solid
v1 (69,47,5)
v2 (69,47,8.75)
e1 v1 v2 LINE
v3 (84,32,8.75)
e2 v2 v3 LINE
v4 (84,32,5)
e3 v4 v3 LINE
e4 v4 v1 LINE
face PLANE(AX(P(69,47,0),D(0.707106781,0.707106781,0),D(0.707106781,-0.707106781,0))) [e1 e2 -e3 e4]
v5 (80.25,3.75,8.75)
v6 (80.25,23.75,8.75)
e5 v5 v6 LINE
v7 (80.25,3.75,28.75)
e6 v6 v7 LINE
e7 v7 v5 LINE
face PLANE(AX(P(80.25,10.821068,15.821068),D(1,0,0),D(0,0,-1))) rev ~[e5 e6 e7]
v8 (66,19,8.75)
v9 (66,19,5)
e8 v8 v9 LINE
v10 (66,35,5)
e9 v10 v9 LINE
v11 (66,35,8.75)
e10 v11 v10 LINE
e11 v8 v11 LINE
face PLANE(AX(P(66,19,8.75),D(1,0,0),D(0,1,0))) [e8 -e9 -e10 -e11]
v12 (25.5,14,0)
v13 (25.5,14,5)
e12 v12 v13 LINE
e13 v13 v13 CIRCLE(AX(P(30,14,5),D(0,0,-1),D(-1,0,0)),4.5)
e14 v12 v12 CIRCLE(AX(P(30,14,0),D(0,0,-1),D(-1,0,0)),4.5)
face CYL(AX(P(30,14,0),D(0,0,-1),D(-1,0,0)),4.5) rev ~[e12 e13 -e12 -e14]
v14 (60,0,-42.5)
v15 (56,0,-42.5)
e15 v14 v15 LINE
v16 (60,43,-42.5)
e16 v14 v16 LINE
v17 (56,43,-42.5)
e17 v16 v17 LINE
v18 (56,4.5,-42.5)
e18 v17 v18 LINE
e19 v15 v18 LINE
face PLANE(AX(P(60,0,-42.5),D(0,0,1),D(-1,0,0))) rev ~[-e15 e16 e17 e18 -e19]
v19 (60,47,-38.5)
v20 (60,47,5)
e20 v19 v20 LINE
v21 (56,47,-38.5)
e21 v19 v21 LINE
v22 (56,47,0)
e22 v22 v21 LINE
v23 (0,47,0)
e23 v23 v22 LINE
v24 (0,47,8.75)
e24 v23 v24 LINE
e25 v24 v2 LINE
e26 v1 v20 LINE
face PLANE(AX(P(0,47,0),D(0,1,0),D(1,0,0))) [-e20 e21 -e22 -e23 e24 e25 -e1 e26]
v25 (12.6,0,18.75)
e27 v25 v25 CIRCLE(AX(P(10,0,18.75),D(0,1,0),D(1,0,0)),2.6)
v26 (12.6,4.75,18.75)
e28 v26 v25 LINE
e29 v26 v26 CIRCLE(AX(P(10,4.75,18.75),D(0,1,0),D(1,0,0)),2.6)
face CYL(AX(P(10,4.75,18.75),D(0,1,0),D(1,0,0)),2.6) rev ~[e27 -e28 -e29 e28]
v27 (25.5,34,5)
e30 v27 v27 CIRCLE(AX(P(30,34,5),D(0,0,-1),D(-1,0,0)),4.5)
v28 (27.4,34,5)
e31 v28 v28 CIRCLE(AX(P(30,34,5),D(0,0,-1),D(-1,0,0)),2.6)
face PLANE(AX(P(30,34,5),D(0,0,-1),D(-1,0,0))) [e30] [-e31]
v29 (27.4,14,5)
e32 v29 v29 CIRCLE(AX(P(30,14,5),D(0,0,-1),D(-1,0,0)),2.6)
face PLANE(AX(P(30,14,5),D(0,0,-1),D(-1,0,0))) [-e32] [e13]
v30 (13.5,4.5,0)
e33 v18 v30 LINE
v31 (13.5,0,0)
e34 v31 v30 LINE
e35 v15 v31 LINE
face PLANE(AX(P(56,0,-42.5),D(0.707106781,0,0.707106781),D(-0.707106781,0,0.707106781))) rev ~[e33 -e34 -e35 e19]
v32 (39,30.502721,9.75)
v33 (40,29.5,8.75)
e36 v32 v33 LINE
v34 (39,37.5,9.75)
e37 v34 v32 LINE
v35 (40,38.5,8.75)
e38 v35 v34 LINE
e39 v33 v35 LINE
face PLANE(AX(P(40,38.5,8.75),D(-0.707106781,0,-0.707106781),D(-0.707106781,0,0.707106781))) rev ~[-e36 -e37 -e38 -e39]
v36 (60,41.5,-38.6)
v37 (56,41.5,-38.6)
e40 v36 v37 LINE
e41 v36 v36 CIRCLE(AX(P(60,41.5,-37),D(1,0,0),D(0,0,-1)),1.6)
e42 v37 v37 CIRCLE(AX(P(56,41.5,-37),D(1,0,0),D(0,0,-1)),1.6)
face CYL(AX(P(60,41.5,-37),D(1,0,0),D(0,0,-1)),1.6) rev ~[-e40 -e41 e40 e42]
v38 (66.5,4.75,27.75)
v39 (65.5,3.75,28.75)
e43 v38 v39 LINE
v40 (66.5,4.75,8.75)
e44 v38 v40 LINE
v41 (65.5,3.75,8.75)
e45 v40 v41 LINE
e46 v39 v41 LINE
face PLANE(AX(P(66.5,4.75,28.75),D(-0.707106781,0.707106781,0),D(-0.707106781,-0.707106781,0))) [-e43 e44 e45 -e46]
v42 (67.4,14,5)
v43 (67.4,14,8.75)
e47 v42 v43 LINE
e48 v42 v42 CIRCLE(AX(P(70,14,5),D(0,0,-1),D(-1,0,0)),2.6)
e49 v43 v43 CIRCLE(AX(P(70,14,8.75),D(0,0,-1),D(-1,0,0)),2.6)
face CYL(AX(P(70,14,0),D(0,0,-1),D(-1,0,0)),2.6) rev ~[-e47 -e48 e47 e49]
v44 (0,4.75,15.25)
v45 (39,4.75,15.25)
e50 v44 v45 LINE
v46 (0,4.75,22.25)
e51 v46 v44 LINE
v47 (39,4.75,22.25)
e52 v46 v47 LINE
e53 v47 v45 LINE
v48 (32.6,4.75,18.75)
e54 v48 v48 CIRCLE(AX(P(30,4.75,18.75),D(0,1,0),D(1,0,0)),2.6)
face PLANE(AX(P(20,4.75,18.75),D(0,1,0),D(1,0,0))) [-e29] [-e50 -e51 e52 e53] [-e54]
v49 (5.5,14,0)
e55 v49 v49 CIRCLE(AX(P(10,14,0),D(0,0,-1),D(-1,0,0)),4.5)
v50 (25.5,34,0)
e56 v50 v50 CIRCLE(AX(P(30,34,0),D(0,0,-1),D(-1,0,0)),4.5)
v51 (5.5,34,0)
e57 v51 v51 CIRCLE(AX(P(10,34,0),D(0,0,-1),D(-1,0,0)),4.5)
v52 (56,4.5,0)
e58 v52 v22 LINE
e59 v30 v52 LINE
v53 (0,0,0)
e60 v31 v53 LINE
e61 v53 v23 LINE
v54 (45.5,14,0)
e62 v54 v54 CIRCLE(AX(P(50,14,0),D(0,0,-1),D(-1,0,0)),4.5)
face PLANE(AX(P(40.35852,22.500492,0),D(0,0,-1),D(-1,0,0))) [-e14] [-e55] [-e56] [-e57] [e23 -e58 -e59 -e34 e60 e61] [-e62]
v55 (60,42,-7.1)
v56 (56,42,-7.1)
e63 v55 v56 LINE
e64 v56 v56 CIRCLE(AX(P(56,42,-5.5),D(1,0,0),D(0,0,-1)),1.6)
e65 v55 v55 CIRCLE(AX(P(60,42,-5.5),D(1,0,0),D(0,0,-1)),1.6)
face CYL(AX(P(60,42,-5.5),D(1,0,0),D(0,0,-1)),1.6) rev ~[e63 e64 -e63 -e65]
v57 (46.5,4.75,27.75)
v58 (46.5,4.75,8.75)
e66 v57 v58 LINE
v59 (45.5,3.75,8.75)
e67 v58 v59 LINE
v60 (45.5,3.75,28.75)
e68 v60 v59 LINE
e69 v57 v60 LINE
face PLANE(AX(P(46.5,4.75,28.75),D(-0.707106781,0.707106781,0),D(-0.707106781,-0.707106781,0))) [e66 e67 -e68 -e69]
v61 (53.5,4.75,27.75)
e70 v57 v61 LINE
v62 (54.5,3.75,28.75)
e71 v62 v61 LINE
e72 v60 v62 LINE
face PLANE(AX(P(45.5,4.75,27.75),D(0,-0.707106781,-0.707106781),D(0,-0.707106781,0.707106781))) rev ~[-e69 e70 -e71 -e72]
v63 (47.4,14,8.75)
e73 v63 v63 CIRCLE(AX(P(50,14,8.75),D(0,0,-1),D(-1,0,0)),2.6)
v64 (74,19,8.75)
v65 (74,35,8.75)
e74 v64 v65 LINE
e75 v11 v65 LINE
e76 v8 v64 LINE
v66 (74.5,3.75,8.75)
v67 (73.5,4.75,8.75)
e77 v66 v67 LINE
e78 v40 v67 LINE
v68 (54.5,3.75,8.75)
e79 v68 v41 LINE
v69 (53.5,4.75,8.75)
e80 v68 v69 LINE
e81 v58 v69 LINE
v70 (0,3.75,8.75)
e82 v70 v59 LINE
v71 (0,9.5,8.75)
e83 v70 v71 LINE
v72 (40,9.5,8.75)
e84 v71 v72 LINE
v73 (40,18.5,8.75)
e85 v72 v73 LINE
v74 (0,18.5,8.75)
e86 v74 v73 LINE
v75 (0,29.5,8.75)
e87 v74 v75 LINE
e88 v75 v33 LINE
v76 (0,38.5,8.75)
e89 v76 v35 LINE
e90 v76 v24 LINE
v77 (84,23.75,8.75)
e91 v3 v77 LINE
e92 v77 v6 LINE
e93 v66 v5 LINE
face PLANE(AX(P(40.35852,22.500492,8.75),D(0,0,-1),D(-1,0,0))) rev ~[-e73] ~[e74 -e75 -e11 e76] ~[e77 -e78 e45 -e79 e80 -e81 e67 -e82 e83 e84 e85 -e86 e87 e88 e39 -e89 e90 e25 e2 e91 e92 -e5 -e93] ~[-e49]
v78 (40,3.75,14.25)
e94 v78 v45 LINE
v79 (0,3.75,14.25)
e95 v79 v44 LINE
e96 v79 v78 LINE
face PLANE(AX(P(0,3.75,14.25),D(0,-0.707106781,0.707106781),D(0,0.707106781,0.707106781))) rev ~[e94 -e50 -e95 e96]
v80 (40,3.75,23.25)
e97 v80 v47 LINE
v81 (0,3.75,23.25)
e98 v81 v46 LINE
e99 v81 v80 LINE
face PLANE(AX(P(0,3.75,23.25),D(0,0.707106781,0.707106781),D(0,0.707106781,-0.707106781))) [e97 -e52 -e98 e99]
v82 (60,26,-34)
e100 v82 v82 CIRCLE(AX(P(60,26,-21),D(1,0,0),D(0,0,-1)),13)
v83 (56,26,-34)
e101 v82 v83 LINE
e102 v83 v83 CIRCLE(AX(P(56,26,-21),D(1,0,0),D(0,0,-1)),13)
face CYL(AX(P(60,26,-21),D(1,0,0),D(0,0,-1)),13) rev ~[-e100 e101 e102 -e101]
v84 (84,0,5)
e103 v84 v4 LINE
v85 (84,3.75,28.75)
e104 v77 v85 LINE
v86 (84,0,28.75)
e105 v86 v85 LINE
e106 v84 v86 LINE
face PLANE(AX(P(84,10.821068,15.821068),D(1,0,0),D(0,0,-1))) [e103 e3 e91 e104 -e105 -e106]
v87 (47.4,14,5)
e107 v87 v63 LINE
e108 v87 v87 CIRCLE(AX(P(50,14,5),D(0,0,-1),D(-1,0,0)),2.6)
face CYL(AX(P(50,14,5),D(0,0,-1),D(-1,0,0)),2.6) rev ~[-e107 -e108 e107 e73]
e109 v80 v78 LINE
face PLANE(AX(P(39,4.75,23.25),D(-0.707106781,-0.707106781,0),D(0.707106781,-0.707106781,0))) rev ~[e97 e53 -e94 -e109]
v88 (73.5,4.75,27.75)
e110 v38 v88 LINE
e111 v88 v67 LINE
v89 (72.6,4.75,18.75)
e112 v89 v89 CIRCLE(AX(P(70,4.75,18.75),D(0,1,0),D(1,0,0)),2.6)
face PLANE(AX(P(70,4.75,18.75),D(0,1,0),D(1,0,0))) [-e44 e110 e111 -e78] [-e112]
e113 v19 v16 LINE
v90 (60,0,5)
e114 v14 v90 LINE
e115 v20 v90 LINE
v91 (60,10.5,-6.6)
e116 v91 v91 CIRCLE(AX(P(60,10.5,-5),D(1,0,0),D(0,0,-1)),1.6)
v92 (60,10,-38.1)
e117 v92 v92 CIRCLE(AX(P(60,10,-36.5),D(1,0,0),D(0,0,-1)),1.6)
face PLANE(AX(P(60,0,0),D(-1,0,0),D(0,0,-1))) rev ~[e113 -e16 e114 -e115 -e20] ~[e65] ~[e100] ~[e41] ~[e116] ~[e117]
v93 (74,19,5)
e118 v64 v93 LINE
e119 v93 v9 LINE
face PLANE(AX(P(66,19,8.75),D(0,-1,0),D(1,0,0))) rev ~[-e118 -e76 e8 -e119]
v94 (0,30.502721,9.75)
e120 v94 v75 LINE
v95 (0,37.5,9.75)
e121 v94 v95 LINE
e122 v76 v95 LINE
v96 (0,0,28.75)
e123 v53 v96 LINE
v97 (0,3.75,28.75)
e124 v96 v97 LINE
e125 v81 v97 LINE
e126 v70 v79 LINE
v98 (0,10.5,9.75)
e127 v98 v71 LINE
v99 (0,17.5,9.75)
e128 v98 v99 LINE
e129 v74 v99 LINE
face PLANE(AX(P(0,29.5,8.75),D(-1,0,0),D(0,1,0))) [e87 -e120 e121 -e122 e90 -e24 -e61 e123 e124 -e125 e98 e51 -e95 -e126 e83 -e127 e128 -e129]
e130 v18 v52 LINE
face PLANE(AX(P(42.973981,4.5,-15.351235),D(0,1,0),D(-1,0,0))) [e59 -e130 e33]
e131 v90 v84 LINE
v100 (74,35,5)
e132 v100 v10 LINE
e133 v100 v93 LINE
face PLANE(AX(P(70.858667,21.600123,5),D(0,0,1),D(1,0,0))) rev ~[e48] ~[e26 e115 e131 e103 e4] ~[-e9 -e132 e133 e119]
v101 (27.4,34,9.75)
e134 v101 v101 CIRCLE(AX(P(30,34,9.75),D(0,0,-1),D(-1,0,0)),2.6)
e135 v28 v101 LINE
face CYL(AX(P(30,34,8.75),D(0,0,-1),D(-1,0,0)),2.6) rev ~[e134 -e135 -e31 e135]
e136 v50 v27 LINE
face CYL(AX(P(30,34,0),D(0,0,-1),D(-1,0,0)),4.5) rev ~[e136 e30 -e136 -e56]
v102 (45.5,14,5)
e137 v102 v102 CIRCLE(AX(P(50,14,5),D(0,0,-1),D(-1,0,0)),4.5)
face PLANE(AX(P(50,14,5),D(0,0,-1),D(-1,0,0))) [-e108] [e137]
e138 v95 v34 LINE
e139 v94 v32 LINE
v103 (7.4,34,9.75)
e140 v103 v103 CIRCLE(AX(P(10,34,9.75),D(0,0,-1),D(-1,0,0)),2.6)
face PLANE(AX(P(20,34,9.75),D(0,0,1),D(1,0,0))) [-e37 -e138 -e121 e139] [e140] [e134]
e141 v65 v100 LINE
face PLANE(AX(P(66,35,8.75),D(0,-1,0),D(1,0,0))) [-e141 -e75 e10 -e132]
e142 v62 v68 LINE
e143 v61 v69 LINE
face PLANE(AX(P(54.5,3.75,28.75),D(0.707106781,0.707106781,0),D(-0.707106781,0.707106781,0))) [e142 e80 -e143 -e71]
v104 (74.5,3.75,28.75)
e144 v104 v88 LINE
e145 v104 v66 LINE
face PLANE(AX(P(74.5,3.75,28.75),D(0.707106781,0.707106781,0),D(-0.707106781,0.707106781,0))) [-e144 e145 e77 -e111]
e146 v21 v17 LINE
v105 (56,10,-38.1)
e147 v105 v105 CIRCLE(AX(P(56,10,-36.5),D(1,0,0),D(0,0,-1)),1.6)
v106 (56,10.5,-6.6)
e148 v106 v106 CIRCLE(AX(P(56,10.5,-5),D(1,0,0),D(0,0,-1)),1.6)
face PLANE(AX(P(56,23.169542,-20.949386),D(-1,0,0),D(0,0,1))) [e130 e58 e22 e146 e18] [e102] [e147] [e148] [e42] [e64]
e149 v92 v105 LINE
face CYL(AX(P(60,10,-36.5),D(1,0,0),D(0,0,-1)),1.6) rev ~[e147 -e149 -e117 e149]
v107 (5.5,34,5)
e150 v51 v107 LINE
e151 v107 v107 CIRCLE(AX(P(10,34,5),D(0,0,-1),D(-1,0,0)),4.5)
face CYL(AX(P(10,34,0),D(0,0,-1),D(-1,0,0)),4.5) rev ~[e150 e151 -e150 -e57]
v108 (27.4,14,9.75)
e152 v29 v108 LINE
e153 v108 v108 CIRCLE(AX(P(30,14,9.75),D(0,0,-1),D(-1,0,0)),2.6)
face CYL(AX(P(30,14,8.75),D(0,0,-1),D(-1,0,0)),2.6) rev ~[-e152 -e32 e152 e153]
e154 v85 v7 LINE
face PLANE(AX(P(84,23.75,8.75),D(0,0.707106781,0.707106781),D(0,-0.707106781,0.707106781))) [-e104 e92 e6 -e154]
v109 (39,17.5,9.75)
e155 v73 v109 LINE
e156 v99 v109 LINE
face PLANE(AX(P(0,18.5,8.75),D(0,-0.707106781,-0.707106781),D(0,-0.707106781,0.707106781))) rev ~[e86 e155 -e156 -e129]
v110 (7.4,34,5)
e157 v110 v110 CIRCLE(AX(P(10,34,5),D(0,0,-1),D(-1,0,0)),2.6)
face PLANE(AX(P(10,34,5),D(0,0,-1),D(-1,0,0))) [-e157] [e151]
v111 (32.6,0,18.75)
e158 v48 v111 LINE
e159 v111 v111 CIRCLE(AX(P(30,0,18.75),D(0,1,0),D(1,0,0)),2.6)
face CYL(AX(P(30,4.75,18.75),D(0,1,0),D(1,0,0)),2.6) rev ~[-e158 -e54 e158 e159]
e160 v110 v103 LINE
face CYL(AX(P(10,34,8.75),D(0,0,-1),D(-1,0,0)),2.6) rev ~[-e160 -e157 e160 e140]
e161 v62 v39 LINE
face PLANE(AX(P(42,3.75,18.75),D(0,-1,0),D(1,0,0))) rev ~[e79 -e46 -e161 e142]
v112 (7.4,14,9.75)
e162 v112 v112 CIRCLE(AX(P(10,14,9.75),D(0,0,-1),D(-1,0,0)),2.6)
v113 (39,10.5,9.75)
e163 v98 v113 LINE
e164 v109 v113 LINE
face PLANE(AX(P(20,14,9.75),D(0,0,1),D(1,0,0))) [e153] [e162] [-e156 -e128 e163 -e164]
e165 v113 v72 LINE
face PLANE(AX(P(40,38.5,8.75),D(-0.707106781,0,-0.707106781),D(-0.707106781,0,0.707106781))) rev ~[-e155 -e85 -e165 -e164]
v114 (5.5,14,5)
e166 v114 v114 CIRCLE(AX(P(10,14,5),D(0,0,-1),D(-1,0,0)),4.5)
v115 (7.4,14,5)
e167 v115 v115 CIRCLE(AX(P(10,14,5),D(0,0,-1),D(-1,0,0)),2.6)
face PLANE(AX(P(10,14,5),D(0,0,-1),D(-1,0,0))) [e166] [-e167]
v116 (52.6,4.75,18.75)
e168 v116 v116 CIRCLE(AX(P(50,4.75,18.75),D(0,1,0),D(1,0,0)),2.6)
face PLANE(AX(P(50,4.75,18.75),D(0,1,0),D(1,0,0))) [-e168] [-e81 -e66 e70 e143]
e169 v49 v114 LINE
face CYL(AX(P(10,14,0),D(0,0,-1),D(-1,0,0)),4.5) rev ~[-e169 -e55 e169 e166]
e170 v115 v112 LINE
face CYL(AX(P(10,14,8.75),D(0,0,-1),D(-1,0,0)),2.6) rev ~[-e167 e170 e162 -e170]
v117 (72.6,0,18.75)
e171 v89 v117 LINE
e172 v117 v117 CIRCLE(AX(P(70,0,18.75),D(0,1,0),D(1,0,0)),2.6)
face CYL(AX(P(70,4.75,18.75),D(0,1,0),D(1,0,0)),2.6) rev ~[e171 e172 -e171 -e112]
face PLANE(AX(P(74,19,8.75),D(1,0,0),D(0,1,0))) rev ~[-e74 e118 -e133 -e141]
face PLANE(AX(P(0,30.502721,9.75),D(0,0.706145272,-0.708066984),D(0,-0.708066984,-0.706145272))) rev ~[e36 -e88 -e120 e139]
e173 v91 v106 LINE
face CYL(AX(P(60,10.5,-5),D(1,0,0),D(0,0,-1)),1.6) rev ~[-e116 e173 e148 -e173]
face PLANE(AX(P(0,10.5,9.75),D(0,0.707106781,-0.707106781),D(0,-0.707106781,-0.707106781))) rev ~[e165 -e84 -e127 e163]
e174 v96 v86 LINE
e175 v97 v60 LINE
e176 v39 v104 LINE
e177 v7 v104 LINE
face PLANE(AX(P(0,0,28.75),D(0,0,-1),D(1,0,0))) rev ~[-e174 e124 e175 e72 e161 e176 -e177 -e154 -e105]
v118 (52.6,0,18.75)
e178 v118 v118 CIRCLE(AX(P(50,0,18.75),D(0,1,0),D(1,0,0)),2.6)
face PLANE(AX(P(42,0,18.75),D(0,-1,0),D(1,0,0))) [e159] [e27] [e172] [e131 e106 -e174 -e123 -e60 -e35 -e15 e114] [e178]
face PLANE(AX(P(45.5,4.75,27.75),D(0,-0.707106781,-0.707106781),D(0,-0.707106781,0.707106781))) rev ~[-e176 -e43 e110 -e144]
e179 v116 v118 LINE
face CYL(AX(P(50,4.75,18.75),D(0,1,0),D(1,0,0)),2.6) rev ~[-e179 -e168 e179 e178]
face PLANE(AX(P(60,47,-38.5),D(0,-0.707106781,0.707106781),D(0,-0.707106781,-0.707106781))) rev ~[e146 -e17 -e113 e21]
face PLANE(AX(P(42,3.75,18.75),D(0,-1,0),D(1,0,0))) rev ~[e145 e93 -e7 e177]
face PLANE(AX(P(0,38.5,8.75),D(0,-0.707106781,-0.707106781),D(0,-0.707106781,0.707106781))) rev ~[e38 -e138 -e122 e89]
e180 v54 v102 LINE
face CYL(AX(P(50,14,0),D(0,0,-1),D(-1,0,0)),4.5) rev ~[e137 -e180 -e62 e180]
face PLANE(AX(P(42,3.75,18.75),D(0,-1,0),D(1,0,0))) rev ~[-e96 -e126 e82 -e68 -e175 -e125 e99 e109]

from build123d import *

# Parameters (mm, degrees)
BOSS_EXTRUDE1_DEPTH = 8.75
SKETCH3_W           = 8
SKETCH3_H           = 16
CUT_EXTRUDE1_DEPTH  = 8.75
SKETCH4_W           = 84
SKETCH4_H           = 20
BOSS_EXTRUDE2_DEPTH = 3.75
BOSS_EXTRUDE3_DEPTH = 4.5
BOSS_EXTRUDE5_DEPTH = 4
SKETCH7_R           = 2.6
CUT_EXTRUDE2_DEPTH  = 14
CUT_EXTRUDE3_DEPTH  = 5
SKETCH10_R          = 1.6
SKETCH10_R_2        = 13
CUT_EXTRUDE4_DEPTH  = 5
SKETCH11_R          = 4.5
CUT_EXTRUDE5_DEPTH  = 5
SKETCH12_R          = 2.6
CUT_EXTRUDE6_DEPTH  = 3.75
SKETCH13_W          = 40
SKETCH13_H          = 9
BOSS_EXTRUDE6_DEPTH = 1
CUT_EXTRUDE14_DEPTH = 31
CUT_EXTRUDE15_DEPTH = 42
SKETCH17_W          = 40
SKETCH17_H          = 9
BOSS_EXTRUDE7_DEPTH = 1
CUT_EXTRUDE16_DEPTH = 10
CUT_EXTRUDE17_DEPTH = 40
SKETCH20_W          = 9
SKETCH20_H          = 20
BOSS_EXTRUDE8_DEPTH = 1
CUT_EXTRUDE19_DEPTH = 20
CUT_EXTRUDE20_DEPTH = 30
SKETCH23_R          = 2.6
CUT_EXTRUDE21_DEPTH = 1
SKETCH24_R          = 2.6
CUT_EXTRUDE22_DEPTH = 12
BOSS_EXTRUDE9_DEPTH = 3.75


with BuildPart() as part:
    # Sketch1 → Boss-Extrude1 (new body)
    with BuildSketch(Plane.XY):
        Polygon((0, 0), (0, 47), (69, 47), (84, 32), (84, 0), align=None)
    extrude(amount=BOSS_EXTRUDE1_DEPTH)

    # Sketch3 → Cut-Extrude1 (cut)
    with BuildSketch(Plane.XY.offset(8.75)):
        with Locations((70, 27)):
            Rectangle(SKETCH3_W, SKETCH3_H)
    extrude(amount=-CUT_EXTRUDE1_DEPTH, mode=Mode.SUBTRACT)

    # Sketch4 → Boss-Extrude2 (add)
    with BuildSketch(Plane.XZ):
        with Locations((42, 18.75)):
            Rectangle(SKETCH4_W, SKETCH4_H)
    extrude(amount=-BOSS_EXTRUDE2_DEPTH)

    # Sketch5 → Boss-Extrude3 (add)
    with BuildSketch(Plane.XZ):
        Polygon((60, -42.5), (56, -42.5), (13.5, 0), (60, 0), align=None)
    extrude(amount=-BOSS_EXTRUDE3_DEPTH)

    # Sketch6 → Boss-Extrude5 (add)
    with BuildSketch(Plane(origin=(60, 0, 0), x_dir=(0, 0, -1), z_dir=(1, 0, 0))):
        Polygon((0, 0), (0, 47), (38.5, 47), (42.5, 43), (42.5, 0), align=None)
    extrude(amount=-BOSS_EXTRUDE5_DEPTH)

    # Sketch7 → Cut-Extrude2 (cut)
    with BuildSketch(Plane(origin=(0, 0, 0), x_dir=(-1, 0, 0), z_dir=(0, 0, -1))):
        with Locations((-70, 14)):
            Circle(SKETCH7_R)
    extrude(amount=-CUT_EXTRUDE2_DEPTH, mode=Mode.SUBTRACT)

    # Sketch9 → Cut-Extrude3 (cut)
    with BuildSketch(Plane(origin=(0, 0, 0), x_dir=(-1, 0, 0), z_dir=(0, 0, -1))):
        Polygon((-84, 0), (-84, 32), (-69, 47), (-60, 47), (-60, 0), align=None)
    extrude(amount=-CUT_EXTRUDE3_DEPTH, mode=Mode.SUBTRACT)

    # Sketch10 → Cut-Extrude4 (cut)
    with BuildSketch(Plane(origin=(60, 0, 0), x_dir=(0, 0, -1), z_dir=(1, 0, 0))):
        with Locations((5.5, 42)):
            Circle(SKETCH10_R)
        with Locations((21, 26)):
            Circle(SKETCH10_R_2)
        with Locations((37, 41.5)):
            Circle(SKETCH10_R)
        with Locations((36.5, 10)):
            Circle(SKETCH10_R)
        with Locations((5, 10.5)):
            Circle(SKETCH10_R)
    extrude(amount=-CUT_EXTRUDE4_DEPTH, mode=Mode.SUBTRACT)

    # Sketch11 → Cut-Extrude5 (cut)
    with BuildSketch(Plane(origin=(0, 0, 0), x_dir=(-1, 0, 0), z_dir=(0, 0, -1))):
        with Locations((-50, 14)):
            Circle(SKETCH11_R)
        with Locations((-30, 14)):
            Circle(SKETCH11_R)
        with Locations((-10, 14)):
            Circle(SKETCH11_R)
        with Locations((-10, 34)):
            Circle(SKETCH11_R)
        with Locations((-30, 34)):
            Circle(SKETCH11_R)
    extrude(amount=-CUT_EXTRUDE5_DEPTH, mode=Mode.SUBTRACT)

    # Sketch12 → Cut-Extrude6 (cut)
    with BuildSketch(Plane(origin=(0, 0, 5), x_dir=(-1, 0, 0), z_dir=(0, 0, -1))):
        with Locations((-30, 34)):
            Circle(SKETCH12_R)
        with Locations((-10, 34)):
            Circle(SKETCH12_R)
        with Locations((-10, 14)):
            Circle(SKETCH12_R)
        with Locations((-30, 14)):
            Circle(SKETCH12_R)
        with Locations((-50, 14)):
            Circle(SKETCH12_R)
    extrude(amount=-CUT_EXTRUDE6_DEPTH, mode=Mode.SUBTRACT)

    # Sketch13 → Boss-Extrude6 (add)
    with BuildSketch(Plane.XY.offset(8.75)):
        with Locations((20, 34)):
            Rectangle(SKETCH13_W, SKETCH13_H)
        with Locations((20, 14)):
            Rectangle(SKETCH13_W, SKETCH13_H)
    extrude(amount=BOSS_EXTRUDE6_DEPTH)

    # Sketch16 → Cut-Extrude14 (cut)
    with BuildSketch(Plane(origin=(0, 38.5, 0), x_dir=(1, 0, 0), z_dir=(0, 1, 0))):
        Polygon((40, -8.75), (39, -9.75), (40, -9.75), align=None)
    extrude(amount=-CUT_EXTRUDE14_DEPTH, mode=Mode.SUBTRACT)

    # Sketch14 → Cut-Extrude15 (cut)
    with BuildSketch(Plane.ZY):
        Polygon((8.75, 38.5), (9.75, 37.5), (9.75, 38.5), align=None)
        Polygon((9.75, 29.5), (9.75, 30.502721412), (8.75, 29.5), align=None)
        Polygon((9.75, 18.5), (8.75, 18.5), (9.75, 17.5), align=None)
        Polygon((9.75, 9.5), (9.75, 10.5), (8.75, 9.5), align=None)
    extrude(amount=-CUT_EXTRUDE15_DEPTH, mode=Mode.SUBTRACT)

    # Sketch17 → Boss-Extrude7 (add)
    with BuildSketch(Plane(origin=(0, 3.75, 0), x_dir=(1, 0, 0), z_dir=(0, 1, 0))):
        with Locations((20, -18.75)):
            Rectangle(SKETCH17_W, SKETCH17_H)
    extrude(amount=BOSS_EXTRUDE7_DEPTH)

    # Sketch18 → Cut-Extrude16 (cut)
    with BuildSketch(Plane.XY.offset(23.25)):
        Polygon((40, 4.75), (39, 4.75), (40, 3.75), align=None)
    extrude(amount=-CUT_EXTRUDE16_DEPTH, mode=Mode.SUBTRACT)

    # Sketch19 → Cut-Extrude17 (cut)
    with BuildSketch(Plane.ZY):
        Polygon((14.25, 4.75), (14.25, 3.75), (15.25, 4.75), align=None)
        Polygon((23.25, 4.75), (23.25, 3.75), (22.25, 4.75), align=None)
    extrude(amount=-CUT_EXTRUDE17_DEPTH, mode=Mode.SUBTRACT)

    # Sketch20 → Boss-Extrude8 (add)
    with BuildSketch(Plane(origin=(0, 3.75, 0), x_dir=(1, 0, 0), z_dir=(0, 1, 0))):
        with Locations((50, -18.75)):
            Rectangle(SKETCH20_W, SKETCH20_H)
        with Locations((70, -18.75)):
            Rectangle(SKETCH20_W, SKETCH20_H)
    extrude(amount=BOSS_EXTRUDE8_DEPTH)

    # Sketch22 → Cut-Extrude19 (cut)
    with BuildSketch(Plane.XY.offset(28.75)):
        Polygon((45.5, 3.75), (45.5, 4.75), (46.5, 4.75), align=None)
        Polygon((54.5, 4.75), (54.5, 3.75), (53.5, 4.75), align=None)
        Polygon((65.5, 4.75), (66.5, 4.75), (65.5, 3.75), align=None)
        Polygon((74.5, 4.75), (74.5, 3.75), (73.5, 4.75), align=None)
    extrude(amount=-CUT_EXTRUDE19_DEPTH, mode=Mode.SUBTRACT)

    # Sketch21 → Cut-Extrude20 (cut)
    with BuildSketch(Plane.ZY.offset(-45.5)):
        Polygon((28.75, 3.75), (28.75, 4.75), (27.75, 4.75), align=None)
    extrude(amount=-CUT_EXTRUDE20_DEPTH, mode=Mode.SUBTRACT)

    # Sketch23 → Cut-Extrude21 (cut)
    with BuildSketch(Plane(origin=(0, 0, 8.75), x_dir=(-1, 0, 0), z_dir=(0, 0, -1))):
        with Locations((-30, 34)):
            Circle(SKETCH23_R)
        with Locations((-10, 34)):
            Circle(SKETCH23_R)
        with Locations((-30, 14)):
            Circle(SKETCH23_R)
        with Locations((-10, 14)):
            Circle(SKETCH23_R)
    extrude(amount=-CUT_EXTRUDE21_DEPTH, mode=Mode.SUBTRACT)

    # Sketch24 → Cut-Extrude22 (cut)
    with BuildSketch(Plane(origin=(0, 4.75, 0), x_dir=(1, 0, 0), z_dir=(0, 1, 0))):
        with Locations((10, -18.75)):
            Circle(SKETCH24_R)
        with Locations((30, -18.75)):
            Circle(SKETCH24_R)
        with Locations((50, -18.75)):
            Circle(SKETCH24_R)
        with Locations((70, -18.75)):
            Circle(SKETCH24_R)
    extrude(amount=-CUT_EXTRUDE22_DEPTH, mode=Mode.SUBTRACT)

    # Sketch25 → Boss-Extrude9 (add)
    with BuildSketch(Plane(origin=(84, 0, 0), x_dir=(0, 0, -1), z_dir=(1, 0, 0))):
        Polygon((-8.75, 23.75), (-28.75, 3.75), (-8.75, 3.75), align=None)
    extrude(amount=-BOSS_EXTRUDE9_DEPTH)


solid = part.part
